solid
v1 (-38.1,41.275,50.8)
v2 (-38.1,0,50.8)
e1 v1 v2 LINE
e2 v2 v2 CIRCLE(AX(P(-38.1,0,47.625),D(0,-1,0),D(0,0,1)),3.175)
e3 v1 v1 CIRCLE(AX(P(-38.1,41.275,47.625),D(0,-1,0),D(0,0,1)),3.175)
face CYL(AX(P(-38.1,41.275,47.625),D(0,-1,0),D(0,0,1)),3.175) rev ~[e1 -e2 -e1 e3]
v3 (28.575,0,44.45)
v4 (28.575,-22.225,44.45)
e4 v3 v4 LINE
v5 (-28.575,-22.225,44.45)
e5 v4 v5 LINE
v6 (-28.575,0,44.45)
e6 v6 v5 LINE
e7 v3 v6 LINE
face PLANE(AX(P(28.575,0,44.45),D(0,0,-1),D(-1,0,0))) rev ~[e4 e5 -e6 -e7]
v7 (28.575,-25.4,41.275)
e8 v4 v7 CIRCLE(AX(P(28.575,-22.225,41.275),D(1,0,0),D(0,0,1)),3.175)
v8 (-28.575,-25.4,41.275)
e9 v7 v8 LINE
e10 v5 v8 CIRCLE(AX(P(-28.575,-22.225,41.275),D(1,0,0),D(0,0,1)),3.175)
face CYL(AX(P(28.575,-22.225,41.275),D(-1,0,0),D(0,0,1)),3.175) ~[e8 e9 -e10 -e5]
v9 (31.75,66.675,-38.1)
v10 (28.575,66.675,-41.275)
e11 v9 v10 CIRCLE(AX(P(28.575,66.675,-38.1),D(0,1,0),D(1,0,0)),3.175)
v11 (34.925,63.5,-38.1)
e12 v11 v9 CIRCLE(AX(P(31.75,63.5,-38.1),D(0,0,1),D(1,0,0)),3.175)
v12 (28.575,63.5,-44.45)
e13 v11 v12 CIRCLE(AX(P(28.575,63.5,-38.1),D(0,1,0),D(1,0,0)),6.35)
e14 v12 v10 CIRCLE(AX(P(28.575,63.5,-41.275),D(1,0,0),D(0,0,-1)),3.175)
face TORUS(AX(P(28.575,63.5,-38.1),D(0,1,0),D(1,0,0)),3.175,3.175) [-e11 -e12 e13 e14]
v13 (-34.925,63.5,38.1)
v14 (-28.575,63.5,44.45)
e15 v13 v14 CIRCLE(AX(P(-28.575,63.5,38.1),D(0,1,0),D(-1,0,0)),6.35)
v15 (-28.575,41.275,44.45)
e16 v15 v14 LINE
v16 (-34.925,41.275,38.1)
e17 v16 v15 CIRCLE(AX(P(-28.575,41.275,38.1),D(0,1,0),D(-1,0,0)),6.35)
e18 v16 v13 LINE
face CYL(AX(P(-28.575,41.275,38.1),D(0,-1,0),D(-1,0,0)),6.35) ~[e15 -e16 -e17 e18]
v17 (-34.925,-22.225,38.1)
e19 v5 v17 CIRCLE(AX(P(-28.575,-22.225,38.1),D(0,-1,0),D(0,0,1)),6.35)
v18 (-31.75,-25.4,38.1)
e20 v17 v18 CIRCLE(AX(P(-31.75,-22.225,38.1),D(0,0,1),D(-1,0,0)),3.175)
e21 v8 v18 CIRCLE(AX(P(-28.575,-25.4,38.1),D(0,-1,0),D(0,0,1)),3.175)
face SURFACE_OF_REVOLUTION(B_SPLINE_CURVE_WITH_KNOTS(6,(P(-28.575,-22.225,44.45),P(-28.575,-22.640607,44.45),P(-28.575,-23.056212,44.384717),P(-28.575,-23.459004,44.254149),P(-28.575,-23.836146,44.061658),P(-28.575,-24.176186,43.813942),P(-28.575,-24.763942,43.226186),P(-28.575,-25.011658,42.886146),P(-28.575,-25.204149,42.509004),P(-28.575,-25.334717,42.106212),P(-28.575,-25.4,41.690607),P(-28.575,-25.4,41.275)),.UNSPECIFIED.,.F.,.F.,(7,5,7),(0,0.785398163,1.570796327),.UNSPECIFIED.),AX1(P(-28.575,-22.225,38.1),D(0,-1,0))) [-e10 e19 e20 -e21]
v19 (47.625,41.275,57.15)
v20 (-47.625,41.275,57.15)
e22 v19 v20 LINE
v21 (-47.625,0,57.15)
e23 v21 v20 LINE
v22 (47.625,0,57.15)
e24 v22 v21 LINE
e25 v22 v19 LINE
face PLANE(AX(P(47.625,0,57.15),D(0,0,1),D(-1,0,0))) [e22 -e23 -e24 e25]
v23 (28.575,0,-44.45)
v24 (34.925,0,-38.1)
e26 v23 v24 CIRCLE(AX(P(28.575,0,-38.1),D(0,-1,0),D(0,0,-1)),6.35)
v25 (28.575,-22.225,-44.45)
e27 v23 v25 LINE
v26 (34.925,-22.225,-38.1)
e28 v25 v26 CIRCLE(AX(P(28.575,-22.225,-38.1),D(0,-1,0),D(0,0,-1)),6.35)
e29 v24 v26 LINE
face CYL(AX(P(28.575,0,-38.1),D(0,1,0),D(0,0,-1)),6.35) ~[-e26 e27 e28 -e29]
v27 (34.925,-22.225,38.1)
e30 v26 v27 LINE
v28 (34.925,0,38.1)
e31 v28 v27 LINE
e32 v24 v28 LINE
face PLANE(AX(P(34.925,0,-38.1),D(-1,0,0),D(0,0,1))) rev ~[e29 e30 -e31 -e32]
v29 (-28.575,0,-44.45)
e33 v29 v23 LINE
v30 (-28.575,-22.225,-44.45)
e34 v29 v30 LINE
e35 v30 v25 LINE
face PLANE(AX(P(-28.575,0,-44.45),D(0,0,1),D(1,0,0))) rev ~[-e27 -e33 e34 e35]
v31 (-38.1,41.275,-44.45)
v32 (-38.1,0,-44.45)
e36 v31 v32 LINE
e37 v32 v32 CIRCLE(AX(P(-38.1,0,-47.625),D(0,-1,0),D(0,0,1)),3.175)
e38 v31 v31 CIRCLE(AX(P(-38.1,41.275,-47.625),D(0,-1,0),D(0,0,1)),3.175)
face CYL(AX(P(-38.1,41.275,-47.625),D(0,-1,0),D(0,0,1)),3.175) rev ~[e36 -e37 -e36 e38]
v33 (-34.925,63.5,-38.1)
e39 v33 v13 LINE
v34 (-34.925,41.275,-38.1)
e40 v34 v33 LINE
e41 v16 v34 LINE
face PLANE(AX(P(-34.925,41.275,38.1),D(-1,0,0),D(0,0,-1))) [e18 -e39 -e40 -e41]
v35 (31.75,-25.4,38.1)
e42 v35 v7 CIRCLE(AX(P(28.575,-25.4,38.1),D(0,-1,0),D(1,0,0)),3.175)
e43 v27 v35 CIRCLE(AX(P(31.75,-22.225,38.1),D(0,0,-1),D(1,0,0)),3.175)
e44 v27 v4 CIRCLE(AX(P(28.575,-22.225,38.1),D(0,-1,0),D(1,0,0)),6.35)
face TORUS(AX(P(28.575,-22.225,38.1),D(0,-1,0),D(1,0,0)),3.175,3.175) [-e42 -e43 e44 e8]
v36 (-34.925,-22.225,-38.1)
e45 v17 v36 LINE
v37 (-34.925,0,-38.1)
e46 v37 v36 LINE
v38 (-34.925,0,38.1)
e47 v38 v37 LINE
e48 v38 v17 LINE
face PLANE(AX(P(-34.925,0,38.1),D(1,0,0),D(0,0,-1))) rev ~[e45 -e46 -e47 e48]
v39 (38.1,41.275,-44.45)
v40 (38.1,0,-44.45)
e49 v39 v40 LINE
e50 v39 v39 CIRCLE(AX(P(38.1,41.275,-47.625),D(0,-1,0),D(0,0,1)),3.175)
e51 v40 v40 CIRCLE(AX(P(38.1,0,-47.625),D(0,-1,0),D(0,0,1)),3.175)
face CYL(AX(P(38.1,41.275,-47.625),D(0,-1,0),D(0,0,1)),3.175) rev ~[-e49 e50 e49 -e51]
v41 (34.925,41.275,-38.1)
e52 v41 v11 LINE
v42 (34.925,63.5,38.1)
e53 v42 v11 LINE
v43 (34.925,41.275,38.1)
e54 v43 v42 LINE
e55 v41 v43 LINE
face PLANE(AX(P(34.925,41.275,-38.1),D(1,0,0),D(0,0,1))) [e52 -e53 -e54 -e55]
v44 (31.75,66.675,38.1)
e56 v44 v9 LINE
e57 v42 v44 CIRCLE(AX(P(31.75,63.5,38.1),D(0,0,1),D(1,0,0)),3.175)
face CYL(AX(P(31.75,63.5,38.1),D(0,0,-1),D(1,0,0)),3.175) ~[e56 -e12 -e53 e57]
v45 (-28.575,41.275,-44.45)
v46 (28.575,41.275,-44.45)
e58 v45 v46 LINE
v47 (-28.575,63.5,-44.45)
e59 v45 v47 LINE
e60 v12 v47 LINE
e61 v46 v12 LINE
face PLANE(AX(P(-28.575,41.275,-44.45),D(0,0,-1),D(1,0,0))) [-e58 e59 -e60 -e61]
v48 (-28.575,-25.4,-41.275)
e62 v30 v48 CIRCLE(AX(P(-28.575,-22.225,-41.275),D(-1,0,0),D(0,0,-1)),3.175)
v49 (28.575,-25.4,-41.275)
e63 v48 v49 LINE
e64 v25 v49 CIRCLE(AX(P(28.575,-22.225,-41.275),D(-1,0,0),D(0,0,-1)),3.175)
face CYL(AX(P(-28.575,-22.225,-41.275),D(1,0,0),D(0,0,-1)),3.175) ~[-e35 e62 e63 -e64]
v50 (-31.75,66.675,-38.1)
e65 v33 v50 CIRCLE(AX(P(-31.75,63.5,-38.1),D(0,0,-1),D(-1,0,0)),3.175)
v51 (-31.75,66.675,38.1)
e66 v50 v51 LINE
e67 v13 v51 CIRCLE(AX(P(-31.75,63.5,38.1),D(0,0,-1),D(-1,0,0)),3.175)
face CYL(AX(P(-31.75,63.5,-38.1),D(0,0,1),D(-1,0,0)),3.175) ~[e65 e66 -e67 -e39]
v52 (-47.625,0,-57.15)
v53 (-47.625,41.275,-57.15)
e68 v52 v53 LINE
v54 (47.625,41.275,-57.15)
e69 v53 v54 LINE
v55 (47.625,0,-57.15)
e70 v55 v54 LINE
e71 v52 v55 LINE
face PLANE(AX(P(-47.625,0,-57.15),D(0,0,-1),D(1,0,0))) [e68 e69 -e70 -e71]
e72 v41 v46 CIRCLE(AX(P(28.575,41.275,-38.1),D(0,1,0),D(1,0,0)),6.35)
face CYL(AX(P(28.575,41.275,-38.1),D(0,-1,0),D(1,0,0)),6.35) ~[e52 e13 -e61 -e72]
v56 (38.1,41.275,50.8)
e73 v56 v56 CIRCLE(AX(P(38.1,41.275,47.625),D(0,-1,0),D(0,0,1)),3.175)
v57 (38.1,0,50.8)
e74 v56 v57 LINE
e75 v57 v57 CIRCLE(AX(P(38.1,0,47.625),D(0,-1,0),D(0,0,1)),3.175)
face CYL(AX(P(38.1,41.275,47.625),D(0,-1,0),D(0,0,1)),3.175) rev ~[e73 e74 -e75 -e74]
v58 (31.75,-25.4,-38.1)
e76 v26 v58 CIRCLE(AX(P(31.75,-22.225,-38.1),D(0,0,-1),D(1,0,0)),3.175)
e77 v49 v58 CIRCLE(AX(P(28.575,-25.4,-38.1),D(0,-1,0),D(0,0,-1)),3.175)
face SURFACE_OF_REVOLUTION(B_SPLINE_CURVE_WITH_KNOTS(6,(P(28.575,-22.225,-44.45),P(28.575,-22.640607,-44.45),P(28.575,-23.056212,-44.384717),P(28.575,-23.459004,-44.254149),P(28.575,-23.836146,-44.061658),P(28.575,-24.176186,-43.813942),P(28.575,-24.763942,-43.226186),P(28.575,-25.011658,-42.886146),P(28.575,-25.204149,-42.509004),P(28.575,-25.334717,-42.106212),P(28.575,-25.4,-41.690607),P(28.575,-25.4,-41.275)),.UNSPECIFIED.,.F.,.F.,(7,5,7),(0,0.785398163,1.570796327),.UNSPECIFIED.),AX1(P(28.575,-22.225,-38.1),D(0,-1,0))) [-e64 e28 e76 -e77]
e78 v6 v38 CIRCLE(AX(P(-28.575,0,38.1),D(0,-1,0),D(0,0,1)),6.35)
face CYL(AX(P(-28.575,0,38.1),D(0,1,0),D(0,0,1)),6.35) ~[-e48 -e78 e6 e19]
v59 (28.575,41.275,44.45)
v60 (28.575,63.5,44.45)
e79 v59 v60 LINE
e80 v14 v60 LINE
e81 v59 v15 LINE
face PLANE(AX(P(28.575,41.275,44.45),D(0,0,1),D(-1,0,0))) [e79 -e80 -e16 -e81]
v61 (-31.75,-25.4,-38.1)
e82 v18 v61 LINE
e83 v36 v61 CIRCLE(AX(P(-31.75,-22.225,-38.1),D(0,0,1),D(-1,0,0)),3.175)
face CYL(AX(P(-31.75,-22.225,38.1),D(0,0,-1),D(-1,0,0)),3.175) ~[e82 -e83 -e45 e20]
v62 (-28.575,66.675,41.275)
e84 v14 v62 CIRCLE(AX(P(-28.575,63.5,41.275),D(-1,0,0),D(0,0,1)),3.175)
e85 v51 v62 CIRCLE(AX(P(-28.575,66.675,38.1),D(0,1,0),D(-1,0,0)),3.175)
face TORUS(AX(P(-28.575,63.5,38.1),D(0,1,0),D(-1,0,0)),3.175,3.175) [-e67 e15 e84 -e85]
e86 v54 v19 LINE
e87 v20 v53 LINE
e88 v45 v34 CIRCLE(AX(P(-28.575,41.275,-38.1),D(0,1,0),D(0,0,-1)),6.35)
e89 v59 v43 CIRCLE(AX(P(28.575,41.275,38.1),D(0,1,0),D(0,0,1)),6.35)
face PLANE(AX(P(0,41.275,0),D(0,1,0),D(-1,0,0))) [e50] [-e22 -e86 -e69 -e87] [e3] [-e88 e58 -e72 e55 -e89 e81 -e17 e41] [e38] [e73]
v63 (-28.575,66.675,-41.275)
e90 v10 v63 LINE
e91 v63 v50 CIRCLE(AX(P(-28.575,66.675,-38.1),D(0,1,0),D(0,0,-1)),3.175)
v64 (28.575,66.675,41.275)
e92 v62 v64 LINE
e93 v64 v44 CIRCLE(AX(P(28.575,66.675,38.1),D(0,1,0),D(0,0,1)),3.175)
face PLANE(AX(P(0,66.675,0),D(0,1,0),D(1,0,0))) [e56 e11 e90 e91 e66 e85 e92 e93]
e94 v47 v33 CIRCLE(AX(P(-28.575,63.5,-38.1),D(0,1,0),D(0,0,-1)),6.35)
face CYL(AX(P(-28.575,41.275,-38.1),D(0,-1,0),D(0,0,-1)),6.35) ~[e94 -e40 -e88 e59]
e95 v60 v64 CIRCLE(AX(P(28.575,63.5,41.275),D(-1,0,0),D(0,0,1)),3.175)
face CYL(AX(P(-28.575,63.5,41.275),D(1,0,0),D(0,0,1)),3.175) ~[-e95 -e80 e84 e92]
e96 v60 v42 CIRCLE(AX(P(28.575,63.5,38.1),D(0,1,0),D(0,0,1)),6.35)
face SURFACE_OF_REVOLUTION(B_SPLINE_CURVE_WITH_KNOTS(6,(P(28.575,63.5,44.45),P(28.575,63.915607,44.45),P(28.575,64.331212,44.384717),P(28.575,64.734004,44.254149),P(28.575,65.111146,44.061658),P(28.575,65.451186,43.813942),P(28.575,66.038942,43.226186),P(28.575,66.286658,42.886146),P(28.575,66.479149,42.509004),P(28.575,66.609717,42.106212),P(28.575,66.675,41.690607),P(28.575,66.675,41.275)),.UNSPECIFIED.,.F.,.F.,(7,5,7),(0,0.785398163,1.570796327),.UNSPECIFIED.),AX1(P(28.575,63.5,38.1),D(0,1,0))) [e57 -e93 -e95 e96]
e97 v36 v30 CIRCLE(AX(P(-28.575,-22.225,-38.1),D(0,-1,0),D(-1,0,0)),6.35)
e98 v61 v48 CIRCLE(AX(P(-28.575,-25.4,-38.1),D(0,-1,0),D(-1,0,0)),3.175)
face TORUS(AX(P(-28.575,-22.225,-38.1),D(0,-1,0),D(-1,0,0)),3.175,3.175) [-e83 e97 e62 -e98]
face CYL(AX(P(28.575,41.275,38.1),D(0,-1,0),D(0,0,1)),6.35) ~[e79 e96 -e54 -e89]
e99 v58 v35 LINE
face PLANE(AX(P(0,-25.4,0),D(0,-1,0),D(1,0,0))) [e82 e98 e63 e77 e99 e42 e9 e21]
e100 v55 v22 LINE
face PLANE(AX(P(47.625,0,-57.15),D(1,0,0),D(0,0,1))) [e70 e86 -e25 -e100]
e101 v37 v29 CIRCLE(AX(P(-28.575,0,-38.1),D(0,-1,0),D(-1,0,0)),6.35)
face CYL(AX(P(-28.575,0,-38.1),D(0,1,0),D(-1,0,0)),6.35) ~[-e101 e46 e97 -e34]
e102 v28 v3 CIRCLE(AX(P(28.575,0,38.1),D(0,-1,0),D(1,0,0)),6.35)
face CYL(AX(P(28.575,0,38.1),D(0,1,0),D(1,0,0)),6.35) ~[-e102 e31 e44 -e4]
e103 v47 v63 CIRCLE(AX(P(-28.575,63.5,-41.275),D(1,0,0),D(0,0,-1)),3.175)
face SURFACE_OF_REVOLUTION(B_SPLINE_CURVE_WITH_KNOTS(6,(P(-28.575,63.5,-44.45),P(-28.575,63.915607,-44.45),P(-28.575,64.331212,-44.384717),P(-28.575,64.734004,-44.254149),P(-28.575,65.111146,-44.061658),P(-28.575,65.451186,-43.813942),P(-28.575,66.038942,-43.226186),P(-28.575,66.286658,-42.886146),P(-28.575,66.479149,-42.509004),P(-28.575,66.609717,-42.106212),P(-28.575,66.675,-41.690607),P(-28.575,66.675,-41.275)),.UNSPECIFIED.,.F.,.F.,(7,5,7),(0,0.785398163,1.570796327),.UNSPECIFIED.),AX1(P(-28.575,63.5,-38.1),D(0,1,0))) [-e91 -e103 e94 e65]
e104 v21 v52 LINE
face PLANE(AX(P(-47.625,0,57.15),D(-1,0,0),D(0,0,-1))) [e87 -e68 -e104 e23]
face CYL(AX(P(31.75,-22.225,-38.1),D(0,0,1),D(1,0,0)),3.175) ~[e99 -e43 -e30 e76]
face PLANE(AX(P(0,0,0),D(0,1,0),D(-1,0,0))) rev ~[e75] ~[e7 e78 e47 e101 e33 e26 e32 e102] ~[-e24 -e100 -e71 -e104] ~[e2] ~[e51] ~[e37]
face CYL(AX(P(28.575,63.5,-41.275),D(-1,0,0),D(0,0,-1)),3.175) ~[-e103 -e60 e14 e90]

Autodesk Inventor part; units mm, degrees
ref_plane "YZ Plane" through (0, 0, 0) normal (1, 0, 0) x (0, 1, 0)
ref_plane "XZ Plane" through (0, 0, 0) normal (0, 1, 0) x (-1, 0, 0)
ref_plane "XY Plane" through (0, 0, 0) normal (0, 0, 1) x (1, 0, 0)
sketch "Sketch1" plane through (0, 0, 0) normal (0, 1, 0) x (-1, 0, 0)
  line L0 (-47.625, 57.15) -> (47.625, 57.15)
  line L1 (47.625, 57.15) -> (47.625, -57.15)
  line L2 (47.625, -57.15) -> (-47.625, -57.15)
  line L3 (-47.625, -57.15) -> (-47.625, 57.15)
  line L4 (-47.625, 57.15) -> (47.625, -57.15) construction
  line L5 (47.625, 57.15) -> (-47.625, -57.15) construction
  point P0 (0, 0)
  dimension "d0" = 114.3
  dimension "d1" = 95.25
extrude "Extrusion1" add sketch "Sketch1" along normal blind 41.275
sketch "Sketch2" plane through (0, 41.275, 0) normal (0, 1, 0) x (1, 0, 0)
  line L0 (28.575, -44.45) -> (-28.575, -44.45)
  line L1 (-34.925, -38.1) -> (-34.925, 38.1)
  line L2 (-28.575, 44.45) -> (28.575, 44.45)
  line L3 (34.925, 38.1) -> (34.925, -38.1)
  line L4 (34.925, -44.45) -> (-34.925, 44.45) construction
  line L5 (-34.925, -44.45) -> (34.925, 44.45) construction
  arc A0 (-34.925, -38.1) -> (-28.575, -44.45) centre (-28.575, -38.1) ccw
  arc A1 (-28.575, 44.45) -> (-34.925, 38.1) centre (-28.575, 38.1) ccw
  arc A2 (34.925, 38.1) -> (28.575, 44.45) centre (28.575, 38.1) ccw
  arc A3 (28.575, -44.45) -> (34.925, -38.1) centre (28.575, -38.1) ccw
  line L6 (-47.625, 57.15) -> (-47.625, -57.15) projected
  line L7 (47.625, 57.15) -> (-47.625, 57.15) projected
  point P0 (0, 0)
  dimension "d6" = 6.35
  dimension "d25" = 12.7
  dimension "d26" = 12.7
extrude "Extrusion2" add sketch "Sketch2" along normal blind 25.4
fillet "Fillet1" radius 3.175 8 edges at (33.0651, 66.675, 42.5901) (34.925, 66.675, 0) (33.0651, 66.675, -42.5901) (0, 66.675, -44.45) (-33.0651, 66.675, -42.5901) (-34.925, 66.675, 0) (-33.0651, 66.675, 42.5901) (0, 66.675, 44.45)
hole "Hole1" at (38.1, 41.275, 47.625) direction (0, -1, 0) diameter 6.35 end through all
pattern_linear "Rectangular Pattern1" count 2 spacing 95.25 along (0, 0, -1) count 2 spacing 76.2 along (-1, 0, 0) of "Hole1"
sketch "Sketch3" plane through (0, 0, 0) normal (0, -1, 0) x (1, 0, 0)
  line L0 (-28.575, -44.45) -> (28.575, -44.45)
  line L1 (34.925, -38.1) -> (34.925, 38.1)
  line L2 (28.575, 44.45) -> (-28.575, 44.45)
  line L3 (-34.925, 38.1) -> (-34.925, -38.1)
  line L4 (-34.925, -44.45) -> (34.925, 44.45) construction
  line L5 (34.925, -44.45) -> (-34.925, 44.45) construction
  line L6 (47.625, 57.15) -> (-47.625, 57.15) projected
  line L7 (47.625, -57.15) -> (47.625, 57.15) projected
  arc A0 (-28.575, 44.45) -> (-34.925, 38.1) centre (-28.575, 38.1) ccw
  arc A1 (34.925, 38.1) -> (28.575, 44.45) centre (28.575, 38.1) ccw
  arc A2 (28.575, -44.45) -> (34.925, -38.1) centre (28.575, -38.1) ccw
  arc A3 (-34.925, -38.1) -> (-28.575, -44.45) centre (-28.575, -38.1) ccw
  point P0 (0, 0)
  dimension "d27" = 12.7
  dimension "d28" = 12.7
  dimension "d29" = 6.35
extrude "Extrusion3" add sketch "Sketch3" along normal blind 25.4
fillet "Fillet2" radius 3.175 8 edges at (-33.0651, -25.4, 42.5901) (-34.925, -25.4, 0) (-33.0651, -25.4, -42.5901) (0, -25.4, -44.45) (33.0651, -25.4, -42.5901) (34.925, -25.4, 0) (33.0651, -25.4, 42.5901) (0, -25.4, 44.45)
properties part number "xmfr power" material "Iron, Malleable"
